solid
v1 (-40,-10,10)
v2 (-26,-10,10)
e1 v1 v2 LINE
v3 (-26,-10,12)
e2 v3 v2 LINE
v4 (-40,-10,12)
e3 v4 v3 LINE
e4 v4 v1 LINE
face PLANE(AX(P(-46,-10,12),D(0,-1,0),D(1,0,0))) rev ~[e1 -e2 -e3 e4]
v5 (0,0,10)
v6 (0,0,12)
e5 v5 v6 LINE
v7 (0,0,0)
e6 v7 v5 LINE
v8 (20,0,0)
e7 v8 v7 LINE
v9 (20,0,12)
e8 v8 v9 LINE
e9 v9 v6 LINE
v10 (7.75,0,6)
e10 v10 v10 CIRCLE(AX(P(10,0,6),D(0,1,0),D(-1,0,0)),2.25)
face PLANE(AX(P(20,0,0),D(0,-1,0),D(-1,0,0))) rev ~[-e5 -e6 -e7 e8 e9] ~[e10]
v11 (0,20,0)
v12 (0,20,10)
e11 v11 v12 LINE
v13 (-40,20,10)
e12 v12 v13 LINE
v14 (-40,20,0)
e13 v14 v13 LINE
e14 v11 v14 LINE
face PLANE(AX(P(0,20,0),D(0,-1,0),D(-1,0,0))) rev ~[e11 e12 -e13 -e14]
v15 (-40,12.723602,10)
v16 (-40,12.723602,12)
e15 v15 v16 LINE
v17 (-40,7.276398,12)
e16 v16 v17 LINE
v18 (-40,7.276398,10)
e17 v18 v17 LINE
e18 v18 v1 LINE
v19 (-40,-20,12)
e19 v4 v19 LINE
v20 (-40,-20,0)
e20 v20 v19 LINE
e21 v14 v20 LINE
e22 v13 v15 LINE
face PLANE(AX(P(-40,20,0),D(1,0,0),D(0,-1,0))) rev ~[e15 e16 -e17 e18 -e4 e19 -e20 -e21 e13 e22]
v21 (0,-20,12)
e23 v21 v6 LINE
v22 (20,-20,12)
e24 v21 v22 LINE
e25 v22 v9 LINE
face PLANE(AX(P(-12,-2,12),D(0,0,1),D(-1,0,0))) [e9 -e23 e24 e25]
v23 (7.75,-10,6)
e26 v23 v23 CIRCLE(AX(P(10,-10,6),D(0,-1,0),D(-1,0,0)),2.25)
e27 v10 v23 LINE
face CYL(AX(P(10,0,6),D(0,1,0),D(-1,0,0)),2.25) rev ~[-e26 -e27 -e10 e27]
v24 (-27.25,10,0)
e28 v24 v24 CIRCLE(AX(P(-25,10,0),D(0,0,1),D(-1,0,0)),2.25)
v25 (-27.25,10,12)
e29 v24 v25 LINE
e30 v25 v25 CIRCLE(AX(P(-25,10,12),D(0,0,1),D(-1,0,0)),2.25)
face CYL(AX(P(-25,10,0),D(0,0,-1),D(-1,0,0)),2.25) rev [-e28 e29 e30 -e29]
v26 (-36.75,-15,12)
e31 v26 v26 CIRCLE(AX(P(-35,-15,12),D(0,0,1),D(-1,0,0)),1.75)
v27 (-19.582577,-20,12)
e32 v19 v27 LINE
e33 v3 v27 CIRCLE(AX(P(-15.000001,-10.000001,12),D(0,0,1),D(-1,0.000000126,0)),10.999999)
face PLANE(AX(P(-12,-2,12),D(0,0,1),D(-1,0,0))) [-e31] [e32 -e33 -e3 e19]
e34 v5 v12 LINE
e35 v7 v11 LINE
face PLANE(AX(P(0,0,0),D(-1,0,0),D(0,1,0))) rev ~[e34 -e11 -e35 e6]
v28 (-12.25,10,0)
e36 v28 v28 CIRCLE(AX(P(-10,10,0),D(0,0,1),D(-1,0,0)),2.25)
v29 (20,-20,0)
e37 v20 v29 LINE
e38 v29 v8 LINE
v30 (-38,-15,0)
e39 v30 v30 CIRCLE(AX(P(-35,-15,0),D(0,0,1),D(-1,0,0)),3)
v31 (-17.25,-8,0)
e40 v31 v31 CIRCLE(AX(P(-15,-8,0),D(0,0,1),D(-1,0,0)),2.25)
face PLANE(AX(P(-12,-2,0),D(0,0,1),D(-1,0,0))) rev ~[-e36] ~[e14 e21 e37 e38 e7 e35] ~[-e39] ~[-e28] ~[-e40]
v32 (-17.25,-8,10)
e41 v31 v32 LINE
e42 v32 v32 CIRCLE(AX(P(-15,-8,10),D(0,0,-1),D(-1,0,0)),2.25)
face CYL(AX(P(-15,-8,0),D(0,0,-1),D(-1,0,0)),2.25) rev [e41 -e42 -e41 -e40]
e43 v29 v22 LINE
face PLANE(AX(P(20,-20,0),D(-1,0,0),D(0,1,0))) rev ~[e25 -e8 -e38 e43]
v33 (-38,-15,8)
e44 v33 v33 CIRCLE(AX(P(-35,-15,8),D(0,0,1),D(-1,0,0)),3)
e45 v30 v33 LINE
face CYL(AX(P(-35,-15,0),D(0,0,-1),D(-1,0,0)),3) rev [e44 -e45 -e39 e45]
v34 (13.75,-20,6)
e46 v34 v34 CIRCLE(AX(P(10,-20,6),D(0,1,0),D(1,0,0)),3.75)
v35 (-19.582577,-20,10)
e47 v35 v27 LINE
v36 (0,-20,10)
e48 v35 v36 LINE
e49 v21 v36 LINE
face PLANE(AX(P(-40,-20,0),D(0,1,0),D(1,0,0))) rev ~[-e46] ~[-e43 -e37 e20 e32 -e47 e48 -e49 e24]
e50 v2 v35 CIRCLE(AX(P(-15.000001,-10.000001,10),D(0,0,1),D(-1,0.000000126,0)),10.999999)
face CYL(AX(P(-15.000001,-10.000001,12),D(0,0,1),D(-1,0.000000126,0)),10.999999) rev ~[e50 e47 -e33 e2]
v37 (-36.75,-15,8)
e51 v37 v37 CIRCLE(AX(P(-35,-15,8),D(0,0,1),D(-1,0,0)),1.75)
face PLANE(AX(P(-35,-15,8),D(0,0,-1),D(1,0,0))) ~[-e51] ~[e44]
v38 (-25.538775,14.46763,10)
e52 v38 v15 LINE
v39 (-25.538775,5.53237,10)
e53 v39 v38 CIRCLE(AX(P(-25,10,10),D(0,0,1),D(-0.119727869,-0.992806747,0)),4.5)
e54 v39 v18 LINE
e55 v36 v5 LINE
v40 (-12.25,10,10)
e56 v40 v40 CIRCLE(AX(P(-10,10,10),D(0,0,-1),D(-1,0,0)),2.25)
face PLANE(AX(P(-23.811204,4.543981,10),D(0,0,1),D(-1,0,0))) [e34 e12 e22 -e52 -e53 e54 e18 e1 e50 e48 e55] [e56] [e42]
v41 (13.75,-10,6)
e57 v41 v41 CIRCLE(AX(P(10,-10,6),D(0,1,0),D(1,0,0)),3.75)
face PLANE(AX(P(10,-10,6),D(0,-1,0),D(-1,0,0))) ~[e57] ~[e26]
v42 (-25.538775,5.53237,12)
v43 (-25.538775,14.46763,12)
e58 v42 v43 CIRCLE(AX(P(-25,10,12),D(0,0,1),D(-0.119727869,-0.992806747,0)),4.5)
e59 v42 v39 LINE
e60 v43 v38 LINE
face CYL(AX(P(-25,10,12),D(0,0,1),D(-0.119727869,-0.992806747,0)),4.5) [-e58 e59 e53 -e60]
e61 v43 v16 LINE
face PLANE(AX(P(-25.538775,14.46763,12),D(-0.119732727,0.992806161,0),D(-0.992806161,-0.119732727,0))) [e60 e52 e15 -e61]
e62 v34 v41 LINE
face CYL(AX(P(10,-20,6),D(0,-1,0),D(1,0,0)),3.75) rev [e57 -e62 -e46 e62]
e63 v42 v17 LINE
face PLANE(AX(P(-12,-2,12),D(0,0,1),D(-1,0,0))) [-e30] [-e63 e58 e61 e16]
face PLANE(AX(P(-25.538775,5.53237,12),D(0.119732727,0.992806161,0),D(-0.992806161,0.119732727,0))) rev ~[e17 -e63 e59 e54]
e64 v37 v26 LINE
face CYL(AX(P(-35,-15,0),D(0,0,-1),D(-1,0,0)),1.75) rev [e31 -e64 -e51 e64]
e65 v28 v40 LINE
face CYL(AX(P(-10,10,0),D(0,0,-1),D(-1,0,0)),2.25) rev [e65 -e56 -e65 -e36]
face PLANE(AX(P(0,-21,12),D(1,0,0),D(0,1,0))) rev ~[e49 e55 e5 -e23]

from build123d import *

# Parameters (mm, degrees)
SKETCH_R                       = 2.25
SKETCH_R_2                     = 1.75
PAD_DEPTH                      = 12
POCKET_DEPTH                   = 2
SKETCH002_R                    = 2.25
POCKET002_DEPTH                = 20.001
PART_MIRRORING_PLACEMENT_ANGLE = 180
SKETCH003_R                    = 3
POCKET003_DEPTH                = 8
SKETCH004_R                    = 3.75
POCKET004_DEPTH                = 10


with BuildPart() as pocket002:
    # Sketch → Pad (new body)
    with BuildSketch(Plane.XY):
        Polygon((0, -20), (40, -20), (40, 20), (-20, 20), (-20, 0), (0, 0), align=None)
        with Locations((15, 8)):
            Circle(SKETCH_R, mode=Mode.SUBTRACT)
        with Locations((10, -10)):
            Circle(SKETCH_R, mode=Mode.SUBTRACT)
        with Locations((35, 15)):
            Circle(SKETCH_R_2, mode=Mode.SUBTRACT)
        with Locations((25, -10)):
            Circle(SKETCH_R, mode=Mode.SUBTRACT)
    extrude(amount=PAD_DEPTH)

    # Sketch001 → Pocket (cut)
    with BuildSketch(Plane.XY.offset(12)):
        with BuildLine():
            Line((46, 10), (26, 10))
            ThreePointArc((26, 10), (22.778175, 17.778175), (15, 21))
            Line((15, 21), (0, 21))
            Line((0, 21), (0, -23))
            Line((0, -23), (46, -23))
            Line((46, -23), (46, -12))
            Line((25.538775, -14.46763), (46, -12))
            ThreePointArc((25.538775, -5.53237), (20.5, -10), (25.538775, -14.46763))
            Line((25.538775, -5.53237), (46, -8))
            Line((46, -8), (46, 10))
        make_face()
    extrude(amount=-POCKET_DEPTH, mode=Mode.SUBTRACT)

    # Sketch002 → Pocket002 (cut, through all)
    with BuildSketch(Plane.XZ):
        with Locations((-10, 6)):
            Circle(SKETCH002_R)
    extrude(amount=-POCKET002_DEPTH, mode=Mode.SUBTRACT)


with BuildPart() as pocket004:
    # Part__Mirroring: instance of Pocket002
    add(pocket002.part.mirror(Plane(origin=(0, 0, 0), x_dir=(0, 1, 0), z_dir=(0, 0, 1))))


with BuildPart() as pocket004_1:
    # Part__Mirroring placement: moved
    add(pocket004.part.rotate(Axis((0, 0, 0), (1, 0, 0)), PART_MIRRORING_PLACEMENT_ANGLE))

    # Sketch003 → Pocket003 (cut)
    with BuildSketch(Plane(origin=(0, 0, 0), x_dir=(1, 0, 0), z_dir=(0, 0, -1))):
        with Locations((35, 15)):
            Circle(SKETCH003_R)
    extrude(amount=-POCKET003_DEPTH, mode=Mode.SUBTRACT)

    # Sketch004 → Pocket004 (cut)
    with BuildSketch(Plane(origin=(0, -20, 0), x_dir=(-1, 0, 0), z_dir=(0, -1, 0))):
        with Locations((10, -6)):
            Circle(SKETCH004_R)
    extrude(amount=-POCKET004_DEPTH, mode=Mode.SUBTRACT)


with BuildPart() as part_mirroring001:
    # Part__Mirroring001: instance of Pocket004
    add(pocket004_1.part.mirror(Plane(origin=(0, 0, 0), x_dir=(0, -1, 0), z_dir=(1, 0, 0))))


solid = part_mirroring001.part
